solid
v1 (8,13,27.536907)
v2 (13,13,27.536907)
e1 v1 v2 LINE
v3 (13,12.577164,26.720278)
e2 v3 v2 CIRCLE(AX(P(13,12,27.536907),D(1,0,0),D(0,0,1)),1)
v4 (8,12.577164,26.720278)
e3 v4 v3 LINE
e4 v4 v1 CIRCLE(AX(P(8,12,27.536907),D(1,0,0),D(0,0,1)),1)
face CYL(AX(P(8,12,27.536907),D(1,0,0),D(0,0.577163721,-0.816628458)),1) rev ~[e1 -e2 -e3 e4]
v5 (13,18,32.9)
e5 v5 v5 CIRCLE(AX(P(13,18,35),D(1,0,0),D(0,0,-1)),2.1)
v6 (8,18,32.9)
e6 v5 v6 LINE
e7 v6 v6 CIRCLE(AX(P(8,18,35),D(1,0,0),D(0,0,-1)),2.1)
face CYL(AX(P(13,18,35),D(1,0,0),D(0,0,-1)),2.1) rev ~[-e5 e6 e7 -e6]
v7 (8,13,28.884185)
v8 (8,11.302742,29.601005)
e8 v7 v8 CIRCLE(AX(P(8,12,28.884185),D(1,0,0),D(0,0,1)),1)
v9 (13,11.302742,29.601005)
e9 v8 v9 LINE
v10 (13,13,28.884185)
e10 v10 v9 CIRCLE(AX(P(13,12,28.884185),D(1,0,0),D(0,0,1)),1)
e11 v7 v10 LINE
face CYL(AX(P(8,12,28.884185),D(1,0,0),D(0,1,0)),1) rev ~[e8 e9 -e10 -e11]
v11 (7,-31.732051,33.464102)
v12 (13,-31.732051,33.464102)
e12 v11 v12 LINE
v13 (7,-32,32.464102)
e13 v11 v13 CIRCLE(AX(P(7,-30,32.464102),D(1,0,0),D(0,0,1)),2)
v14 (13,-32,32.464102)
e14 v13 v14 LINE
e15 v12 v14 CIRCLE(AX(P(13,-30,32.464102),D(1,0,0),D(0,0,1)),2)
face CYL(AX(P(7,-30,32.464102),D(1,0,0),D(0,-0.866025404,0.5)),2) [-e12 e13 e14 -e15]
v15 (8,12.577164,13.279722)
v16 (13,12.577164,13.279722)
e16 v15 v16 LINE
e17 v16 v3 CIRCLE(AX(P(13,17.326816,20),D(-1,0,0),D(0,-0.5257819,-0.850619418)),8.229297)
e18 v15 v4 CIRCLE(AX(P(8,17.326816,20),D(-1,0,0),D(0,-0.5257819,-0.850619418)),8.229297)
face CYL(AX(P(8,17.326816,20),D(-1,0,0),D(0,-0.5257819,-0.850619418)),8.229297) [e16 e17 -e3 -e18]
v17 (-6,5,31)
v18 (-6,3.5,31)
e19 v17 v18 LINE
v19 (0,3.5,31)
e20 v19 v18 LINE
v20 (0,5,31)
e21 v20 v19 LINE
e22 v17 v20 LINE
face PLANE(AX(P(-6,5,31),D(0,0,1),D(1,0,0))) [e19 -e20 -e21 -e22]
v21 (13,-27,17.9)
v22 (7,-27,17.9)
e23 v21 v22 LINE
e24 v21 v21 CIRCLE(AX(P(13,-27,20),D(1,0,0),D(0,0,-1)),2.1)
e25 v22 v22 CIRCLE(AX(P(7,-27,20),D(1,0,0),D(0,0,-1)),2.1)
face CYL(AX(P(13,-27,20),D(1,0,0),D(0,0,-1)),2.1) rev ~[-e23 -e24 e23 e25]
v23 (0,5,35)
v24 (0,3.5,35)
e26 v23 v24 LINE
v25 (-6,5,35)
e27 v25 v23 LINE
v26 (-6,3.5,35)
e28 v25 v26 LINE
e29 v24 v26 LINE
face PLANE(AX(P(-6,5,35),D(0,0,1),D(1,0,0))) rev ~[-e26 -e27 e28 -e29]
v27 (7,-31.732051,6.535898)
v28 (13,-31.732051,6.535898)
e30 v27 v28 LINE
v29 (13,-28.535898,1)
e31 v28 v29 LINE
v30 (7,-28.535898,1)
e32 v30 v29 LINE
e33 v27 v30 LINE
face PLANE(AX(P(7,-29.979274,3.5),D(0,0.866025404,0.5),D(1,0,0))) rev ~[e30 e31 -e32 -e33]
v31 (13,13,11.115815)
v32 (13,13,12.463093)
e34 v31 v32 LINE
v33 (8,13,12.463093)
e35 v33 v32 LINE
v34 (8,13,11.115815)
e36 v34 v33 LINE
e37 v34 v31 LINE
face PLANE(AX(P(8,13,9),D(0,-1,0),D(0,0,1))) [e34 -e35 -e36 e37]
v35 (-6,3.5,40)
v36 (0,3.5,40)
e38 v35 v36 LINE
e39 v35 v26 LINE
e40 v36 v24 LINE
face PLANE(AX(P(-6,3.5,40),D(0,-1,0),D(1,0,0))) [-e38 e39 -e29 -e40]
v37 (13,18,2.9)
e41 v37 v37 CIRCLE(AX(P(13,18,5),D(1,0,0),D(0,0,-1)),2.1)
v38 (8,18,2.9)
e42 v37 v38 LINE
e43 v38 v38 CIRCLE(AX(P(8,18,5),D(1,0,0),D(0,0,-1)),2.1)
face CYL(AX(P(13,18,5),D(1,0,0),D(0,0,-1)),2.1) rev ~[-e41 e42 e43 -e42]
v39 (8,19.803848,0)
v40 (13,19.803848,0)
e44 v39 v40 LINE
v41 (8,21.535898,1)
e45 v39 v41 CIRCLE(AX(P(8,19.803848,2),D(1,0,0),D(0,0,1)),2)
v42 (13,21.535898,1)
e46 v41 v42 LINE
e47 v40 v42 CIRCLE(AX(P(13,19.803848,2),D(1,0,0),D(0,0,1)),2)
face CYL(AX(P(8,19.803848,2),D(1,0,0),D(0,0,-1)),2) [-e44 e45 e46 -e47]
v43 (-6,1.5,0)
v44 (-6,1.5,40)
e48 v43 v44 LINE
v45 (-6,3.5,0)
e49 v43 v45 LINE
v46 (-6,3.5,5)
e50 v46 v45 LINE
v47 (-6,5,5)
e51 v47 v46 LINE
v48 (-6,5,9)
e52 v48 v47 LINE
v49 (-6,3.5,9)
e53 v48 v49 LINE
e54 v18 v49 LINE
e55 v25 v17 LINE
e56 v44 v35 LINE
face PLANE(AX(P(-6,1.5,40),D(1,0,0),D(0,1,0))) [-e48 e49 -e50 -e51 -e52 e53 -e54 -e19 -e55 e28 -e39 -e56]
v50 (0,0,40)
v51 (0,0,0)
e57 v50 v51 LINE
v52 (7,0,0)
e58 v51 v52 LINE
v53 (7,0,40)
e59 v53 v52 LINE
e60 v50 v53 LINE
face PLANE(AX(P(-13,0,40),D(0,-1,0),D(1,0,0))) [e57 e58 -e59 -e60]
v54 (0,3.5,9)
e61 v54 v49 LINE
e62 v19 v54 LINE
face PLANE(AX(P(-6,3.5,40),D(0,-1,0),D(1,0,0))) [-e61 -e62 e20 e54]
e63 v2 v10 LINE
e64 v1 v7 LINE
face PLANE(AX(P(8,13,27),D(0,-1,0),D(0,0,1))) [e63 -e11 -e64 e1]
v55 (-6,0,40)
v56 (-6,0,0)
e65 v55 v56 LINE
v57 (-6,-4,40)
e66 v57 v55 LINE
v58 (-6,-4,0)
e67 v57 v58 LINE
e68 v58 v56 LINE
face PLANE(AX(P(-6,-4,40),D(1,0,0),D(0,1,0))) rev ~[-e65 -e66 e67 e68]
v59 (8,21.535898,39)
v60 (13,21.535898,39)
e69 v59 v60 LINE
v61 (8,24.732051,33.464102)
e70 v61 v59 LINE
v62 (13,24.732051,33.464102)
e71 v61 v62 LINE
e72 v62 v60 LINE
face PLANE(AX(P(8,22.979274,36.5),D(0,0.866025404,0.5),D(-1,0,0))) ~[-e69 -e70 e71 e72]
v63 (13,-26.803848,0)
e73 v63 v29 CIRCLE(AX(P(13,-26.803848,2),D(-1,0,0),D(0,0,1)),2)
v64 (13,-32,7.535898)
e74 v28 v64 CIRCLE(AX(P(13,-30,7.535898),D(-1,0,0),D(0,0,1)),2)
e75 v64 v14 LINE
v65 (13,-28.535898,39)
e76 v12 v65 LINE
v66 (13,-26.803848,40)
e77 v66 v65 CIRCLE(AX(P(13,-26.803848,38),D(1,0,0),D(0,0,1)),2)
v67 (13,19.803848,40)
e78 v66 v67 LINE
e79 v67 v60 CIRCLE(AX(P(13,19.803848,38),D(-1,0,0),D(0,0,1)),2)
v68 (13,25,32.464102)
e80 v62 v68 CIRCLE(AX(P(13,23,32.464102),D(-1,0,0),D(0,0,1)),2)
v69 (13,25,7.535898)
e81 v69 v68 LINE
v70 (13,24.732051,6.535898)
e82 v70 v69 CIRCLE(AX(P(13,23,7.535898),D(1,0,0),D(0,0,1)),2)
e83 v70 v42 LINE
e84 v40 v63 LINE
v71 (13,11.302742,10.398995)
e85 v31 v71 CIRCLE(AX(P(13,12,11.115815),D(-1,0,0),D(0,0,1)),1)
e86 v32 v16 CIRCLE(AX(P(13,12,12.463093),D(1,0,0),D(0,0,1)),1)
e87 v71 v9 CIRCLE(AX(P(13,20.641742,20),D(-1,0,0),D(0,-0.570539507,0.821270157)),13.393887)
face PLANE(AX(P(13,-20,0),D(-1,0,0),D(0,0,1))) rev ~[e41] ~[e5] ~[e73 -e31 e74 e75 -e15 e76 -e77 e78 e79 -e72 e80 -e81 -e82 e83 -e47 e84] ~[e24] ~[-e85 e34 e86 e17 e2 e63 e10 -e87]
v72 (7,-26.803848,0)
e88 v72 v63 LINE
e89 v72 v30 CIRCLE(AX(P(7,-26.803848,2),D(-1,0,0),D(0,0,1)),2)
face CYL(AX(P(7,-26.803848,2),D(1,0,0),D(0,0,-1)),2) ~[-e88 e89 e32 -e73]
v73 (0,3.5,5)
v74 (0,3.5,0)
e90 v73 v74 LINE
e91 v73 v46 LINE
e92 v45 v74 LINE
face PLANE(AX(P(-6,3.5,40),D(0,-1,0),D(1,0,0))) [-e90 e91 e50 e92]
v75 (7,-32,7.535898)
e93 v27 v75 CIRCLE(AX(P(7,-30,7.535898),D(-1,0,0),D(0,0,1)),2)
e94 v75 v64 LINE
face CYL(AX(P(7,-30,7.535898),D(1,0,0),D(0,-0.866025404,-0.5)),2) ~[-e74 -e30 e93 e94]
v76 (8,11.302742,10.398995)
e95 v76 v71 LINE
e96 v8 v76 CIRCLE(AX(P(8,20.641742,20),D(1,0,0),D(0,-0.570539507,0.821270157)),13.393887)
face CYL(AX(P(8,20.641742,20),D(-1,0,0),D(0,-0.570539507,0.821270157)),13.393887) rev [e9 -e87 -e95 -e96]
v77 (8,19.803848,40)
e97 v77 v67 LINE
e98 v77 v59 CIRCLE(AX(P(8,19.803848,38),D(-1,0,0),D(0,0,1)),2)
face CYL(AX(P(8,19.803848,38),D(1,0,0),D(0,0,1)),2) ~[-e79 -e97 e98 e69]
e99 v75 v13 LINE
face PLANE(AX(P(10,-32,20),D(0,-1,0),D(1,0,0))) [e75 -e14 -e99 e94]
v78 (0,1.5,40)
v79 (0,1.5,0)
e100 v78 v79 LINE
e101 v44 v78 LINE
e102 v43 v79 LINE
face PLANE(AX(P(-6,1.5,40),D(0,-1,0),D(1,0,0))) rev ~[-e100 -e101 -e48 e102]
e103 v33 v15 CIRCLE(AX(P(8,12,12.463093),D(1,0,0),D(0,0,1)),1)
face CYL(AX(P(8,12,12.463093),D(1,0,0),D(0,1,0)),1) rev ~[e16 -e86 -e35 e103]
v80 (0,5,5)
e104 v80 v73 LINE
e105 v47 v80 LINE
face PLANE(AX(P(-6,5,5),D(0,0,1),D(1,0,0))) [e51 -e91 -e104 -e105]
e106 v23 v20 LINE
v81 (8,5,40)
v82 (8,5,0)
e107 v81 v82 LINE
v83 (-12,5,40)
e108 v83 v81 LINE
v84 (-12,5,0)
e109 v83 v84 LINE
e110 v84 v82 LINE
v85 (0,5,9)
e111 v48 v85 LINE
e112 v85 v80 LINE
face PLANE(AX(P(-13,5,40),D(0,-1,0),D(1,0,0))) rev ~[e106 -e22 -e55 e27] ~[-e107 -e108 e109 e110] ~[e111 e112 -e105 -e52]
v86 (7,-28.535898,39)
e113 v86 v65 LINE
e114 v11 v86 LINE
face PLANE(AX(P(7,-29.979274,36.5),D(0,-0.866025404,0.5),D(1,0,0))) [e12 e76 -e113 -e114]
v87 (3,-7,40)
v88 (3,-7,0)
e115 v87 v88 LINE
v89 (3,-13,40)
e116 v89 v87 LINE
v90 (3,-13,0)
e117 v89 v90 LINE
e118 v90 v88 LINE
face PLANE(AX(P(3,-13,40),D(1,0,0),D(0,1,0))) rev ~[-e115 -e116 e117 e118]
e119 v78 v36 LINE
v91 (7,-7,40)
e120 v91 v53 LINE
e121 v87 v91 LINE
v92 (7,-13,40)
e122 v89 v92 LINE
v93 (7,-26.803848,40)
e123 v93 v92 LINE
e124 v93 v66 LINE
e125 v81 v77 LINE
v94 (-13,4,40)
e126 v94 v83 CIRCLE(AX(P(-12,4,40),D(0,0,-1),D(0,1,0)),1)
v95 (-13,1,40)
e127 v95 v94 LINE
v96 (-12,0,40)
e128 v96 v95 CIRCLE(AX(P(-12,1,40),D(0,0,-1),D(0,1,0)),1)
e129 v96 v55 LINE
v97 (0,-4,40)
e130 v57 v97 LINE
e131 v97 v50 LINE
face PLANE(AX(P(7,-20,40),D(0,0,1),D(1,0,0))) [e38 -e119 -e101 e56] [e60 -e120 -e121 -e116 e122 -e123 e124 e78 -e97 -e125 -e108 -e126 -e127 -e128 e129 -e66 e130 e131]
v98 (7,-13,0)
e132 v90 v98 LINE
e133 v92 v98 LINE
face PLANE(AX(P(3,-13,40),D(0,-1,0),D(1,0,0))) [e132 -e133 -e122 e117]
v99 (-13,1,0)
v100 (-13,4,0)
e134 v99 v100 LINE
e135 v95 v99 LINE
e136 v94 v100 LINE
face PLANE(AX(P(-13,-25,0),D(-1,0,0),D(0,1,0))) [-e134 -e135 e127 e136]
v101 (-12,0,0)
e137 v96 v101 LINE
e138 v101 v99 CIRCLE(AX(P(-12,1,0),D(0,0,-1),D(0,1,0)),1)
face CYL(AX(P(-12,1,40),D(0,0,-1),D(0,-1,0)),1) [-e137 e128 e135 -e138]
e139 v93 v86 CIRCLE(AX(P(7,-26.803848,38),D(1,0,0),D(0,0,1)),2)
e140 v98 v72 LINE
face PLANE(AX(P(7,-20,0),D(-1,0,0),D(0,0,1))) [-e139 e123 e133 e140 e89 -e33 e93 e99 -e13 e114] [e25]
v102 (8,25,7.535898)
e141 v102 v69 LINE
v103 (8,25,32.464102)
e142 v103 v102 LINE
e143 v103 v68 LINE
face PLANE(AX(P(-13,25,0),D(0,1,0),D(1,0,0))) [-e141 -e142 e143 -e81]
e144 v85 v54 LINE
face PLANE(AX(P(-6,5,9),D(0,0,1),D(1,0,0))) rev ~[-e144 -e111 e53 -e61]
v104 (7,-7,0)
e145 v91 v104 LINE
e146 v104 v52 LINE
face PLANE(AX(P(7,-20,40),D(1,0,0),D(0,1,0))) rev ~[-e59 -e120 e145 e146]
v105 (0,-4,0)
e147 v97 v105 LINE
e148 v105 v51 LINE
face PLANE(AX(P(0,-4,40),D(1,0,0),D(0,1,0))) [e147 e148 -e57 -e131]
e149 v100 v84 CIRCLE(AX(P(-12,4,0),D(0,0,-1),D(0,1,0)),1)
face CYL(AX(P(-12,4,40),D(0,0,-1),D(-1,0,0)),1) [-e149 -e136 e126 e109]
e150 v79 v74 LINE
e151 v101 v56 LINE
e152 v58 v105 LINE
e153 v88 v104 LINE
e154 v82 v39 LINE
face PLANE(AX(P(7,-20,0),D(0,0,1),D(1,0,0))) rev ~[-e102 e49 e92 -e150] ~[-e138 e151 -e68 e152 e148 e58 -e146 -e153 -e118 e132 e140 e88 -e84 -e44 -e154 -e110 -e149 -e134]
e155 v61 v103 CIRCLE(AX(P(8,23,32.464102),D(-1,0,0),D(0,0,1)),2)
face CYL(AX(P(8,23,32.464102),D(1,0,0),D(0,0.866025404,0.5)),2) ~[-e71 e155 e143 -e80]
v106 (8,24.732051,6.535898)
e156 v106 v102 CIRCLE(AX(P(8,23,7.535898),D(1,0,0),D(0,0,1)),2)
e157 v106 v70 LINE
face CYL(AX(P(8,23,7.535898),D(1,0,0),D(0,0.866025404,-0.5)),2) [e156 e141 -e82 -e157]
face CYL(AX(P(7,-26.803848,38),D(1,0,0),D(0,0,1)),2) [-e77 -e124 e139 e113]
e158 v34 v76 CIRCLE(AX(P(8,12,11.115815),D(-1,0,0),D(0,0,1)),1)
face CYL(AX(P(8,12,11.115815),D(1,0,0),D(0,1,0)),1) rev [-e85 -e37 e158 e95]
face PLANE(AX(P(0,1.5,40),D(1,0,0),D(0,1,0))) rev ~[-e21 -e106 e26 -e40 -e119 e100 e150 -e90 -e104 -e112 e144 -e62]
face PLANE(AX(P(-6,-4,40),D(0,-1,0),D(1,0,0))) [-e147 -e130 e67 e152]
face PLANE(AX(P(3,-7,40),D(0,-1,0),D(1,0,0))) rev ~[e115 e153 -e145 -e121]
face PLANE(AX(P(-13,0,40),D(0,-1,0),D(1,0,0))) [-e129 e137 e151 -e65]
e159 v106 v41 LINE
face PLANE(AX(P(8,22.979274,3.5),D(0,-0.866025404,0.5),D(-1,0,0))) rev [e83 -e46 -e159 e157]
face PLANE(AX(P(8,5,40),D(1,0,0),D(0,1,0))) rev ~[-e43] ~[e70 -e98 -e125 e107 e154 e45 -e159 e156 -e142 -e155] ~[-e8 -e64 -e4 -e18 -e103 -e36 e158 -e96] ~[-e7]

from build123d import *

# Parameters (mm, degrees)
ESQUISSE1_W              = 26
ESQUISSE1_H              = 50
BOSS_EXTRU_1_DEPTH       = 40
ESQUISSE2_W              = 20
ESQUISSE2_H              = 20
ENL_V_MAT_EXTRU_1_DEPTH  = 41
ESQUISSE3_W              = 6
ESQUISSE3_H              = 4
ESQUISSE3_W_2            = 4
ESQUISSE3_H_2            = 6
BOSS_EXTRU_2_DEPTH       = 40
ESQUISSE7_W              = 21
ESQUISSE7_H              = 20
ENL_V_MAT_EXTRU_4_DEPTH  = 41
ESQUISSE8_W              = 6
ESQUISSE8_H              = 2
ENL_V_MAT_EXTRU_5_DEPTH  = 41
ESQUISSE9_W              = 6
ESQUISSE9_H              = 4
ENL_V_MAT_EXTRU_6_DEPTH  = 3.5
ESQUISSE10_R             = 2.1
ENL_V_MAT_EXTRU_7_DEPTH  = 27
ENL_V_MAT_EXTRU_9_DEPTH  = 6
ESQUISSE13_W             = 26
ESQUISSE13_H             = 5
ENL_V_MAT_EXTRU_10_DEPTH = 41
CONG_1_R                 = 1
CONG_2_R                 = 1
ESQUISSE14_W             = 6
ESQUISSE14_H             = 40
BOSS_EXTRU_3_DEPTH       = 12
CHANFREIN1_SIZE          = 7
CHANFREIN1_SIZE2         = 4.041451884
CHANFREIN1_PART_2_SIZE   = 7
CHANFREIN1_PART_2_SIZE2  = 4.041451884
CONG_3_R                 = 2
ESQUISSE16_R             = 2.1
ENL_V_MAT_EXTRU_11_DEPTH = 27


with BuildPart() as part:
    # Esquisse1 → Boss.-Extru.1 (new body)
    with BuildSketch(Plane.XY):
        Rectangle(ESQUISSE1_W, ESQUISSE1_H)
    extrude(amount=BOSS_EXTRU_1_DEPTH)

    # Esquisse2 → Enlèv. mat.-Extru.1 (cut, through all)
    with BuildSketch(Plane.XY.offset(40)):
        with Locations((-3, -10)):
            Rectangle(ESQUISSE2_W, ESQUISSE2_H)
    extrude(amount=-ENL_V_MAT_EXTRU_1_DEPTH, mode=Mode.SUBTRACT)

    # Esquisse3 → Boss.-Extru.2 (add)
    with BuildSketch(Plane.XY.offset(40)):
        with Locations((-3, -2)):
            Rectangle(ESQUISSE3_W, ESQUISSE3_H)
        with Locations((5, -10)):
            Rectangle(ESQUISSE3_W_2, ESQUISSE3_H_2)
    extrude(amount=-BOSS_EXTRU_2_DEPTH)

    # Esquisse7 → Enlèv. mat.-Extru.4 (cut, through all)
    with BuildSketch(Plane.XY.offset(40)):
        with Locations((-2.5, 15)):
            Rectangle(ESQUISSE7_W, ESQUISSE7_H)
    extrude(amount=-ENL_V_MAT_EXTRU_4_DEPTH, mode=Mode.SUBTRACT)

    # Esquisse8 → Enlèv. mat.-Extru.5 (cut, through all)
    with BuildSketch(Plane.XY.offset(40)):
        with Locations((-3, 2.5)):
            Rectangle(ESQUISSE8_W, ESQUISSE8_H)
    extrude(amount=-ENL_V_MAT_EXTRU_5_DEPTH, mode=Mode.SUBTRACT)

    # Esquisse9 → Enlèv. mat.-Extru.6 (cut)
    with BuildSketch(Plane(origin=(0, 5, 0), x_dir=(1, 0, 0), z_dir=(0, 1, 0))):
        with Locations((-3, -33)):
            Rectangle(ESQUISSE9_W, ESQUISSE9_H)
        with Locations((-3, -7)):
            Rectangle(ESQUISSE9_W, ESQUISSE9_H)
    extrude(amount=-ENL_V_MAT_EXTRU_6_DEPTH, mode=Mode.SUBTRACT)

    # Esquisse10 → Enlèv. mat.-Extru.7 (cut, through all)
    with BuildSketch(Plane(origin=(13, 0, 0), x_dir=(0, 0, -1), z_dir=(1, 0, 0))):
        with Locations((-35, 18)):
            Circle(ESQUISSE10_R)
        with Locations((-5, 18)):
            Circle(ESQUISSE10_R)
    extrude(amount=-ENL_V_MAT_EXTRU_7_DEPTH, mode=Mode.SUBTRACT)

    # Esquisse12 → Enlèv. mat.-Extru.9 (cut, through all)
    with BuildSketch(Plane.ZY.offset(-8)):
        with BuildLine():
            Line((9, 13), (13, 13))
            ThreePointArc((13, 13), (20, 9.097518313), (27, 13))
            Line((27, 13), (31, 13))
            ThreePointArc((31, 13), (20, 7.247854519), (9, 13))
        make_face()
    extrude(amount=-ENL_V_MAT_EXTRU_9_DEPTH, mode=Mode.SUBTRACT)

    # Esquisse13 → Enlèv. mat.-Extru.10 (cut, through all)
    with BuildSketch(Plane(origin=(0, 0, 0), x_dir=(-1, 0, 0), z_dir=(0, 0, -1))):
        with Locations((0, -22.5)):
            Rectangle(ESQUISSE13_W, ESQUISSE13_H)
    extrude(amount=-ENL_V_MAT_EXTRU_10_DEPTH, mode=Mode.SUBTRACT)

    # Congé1
    cong_1_edges = [part.edges().sort_by_distance(p)[0] for p in [
        (-13, 0, 20),
        (-13, 5, 20),
    ]]
    fillet(cong_1_edges, radius=CONG_1_R)

    # Congé2
    cong_2_edges = [part.edges().sort_by_distance(p)[0] for p in [
        (10.5, 13, 31),
        (10.5, 13, 9),
        (10.5, 13, 13),
        (10.5, 13, 27),
    ]]
    fillet(cong_2_edges, radius=CONG_2_R)

    # Esquisse14 → Boss.-Extru.3 (add)
    with BuildSketch(Plane.XZ.offset(20)):
        with Locations((10, 20)):
            Rectangle(ESQUISSE14_W, ESQUISSE14_H)
    extrude(amount=BOSS_EXTRU_3_DEPTH)

    # Chanfrein1
    chanfrein1_edges = [part.edges().sort_by_distance(p)[0] for p in [
        (10.5, 25, 40),
        (10.5, 25, 0),
    ]]
    chanfrein1_side = [part.faces().sort_by_distance(p)[0] for p in [
        (10.5, 25, 20),
    ]]
    chamfer(chanfrein1_edges, length=CHANFREIN1_SIZE, length2=CHANFREIN1_SIZE2, reference=chanfrein1_side[0])

    # Chanfrein1 part 2
    chanfrein1_part_2_edges = [part.edges().sort_by_distance(p)[0] for p in [
        (10, -32, 40),
        (10, -32, 0),
    ]]
    chanfrein1_part_2_side = [part.faces().sort_by_distance(p)[0] for p in [
        (10, -32, 20),
    ]]
    chamfer(chanfrein1_part_2_edges, length=CHANFREIN1_PART_2_SIZE, length2=CHANFREIN1_PART_2_SIZE2, reference=chanfrein1_part_2_side[0])

    # Congé3
    cong_3_edges = [part.edges().sort_by_distance(p)[0] for p in [
        (10, -32, 7),
        (10, -32, 33),
        (10.5, 20.958548116, 40),
        (10, -27.958548116, 40),
        (10.5, 20.958548116, 0),
        (10, -27.958548116, 0),
        (10.5, 25, 7),
        (10.5, 25, 33),
    ]]
    fillet(cong_3_edges, radius=CONG_3_R)

    # Esquisse16 → Enlèv. mat.-Extru.11 (cut, through all)
    with BuildSketch(Plane(origin=(13, 0, 0), x_dir=(0, 0, -1), z_dir=(1, 0, 0))):
        with Locations((-20, -27)):
            Circle(ESQUISSE16_R)
    extrude(amount=-ENL_V_MAT_EXTRU_11_DEPTH, mode=Mode.SUBTRACT)


solid = part.part
